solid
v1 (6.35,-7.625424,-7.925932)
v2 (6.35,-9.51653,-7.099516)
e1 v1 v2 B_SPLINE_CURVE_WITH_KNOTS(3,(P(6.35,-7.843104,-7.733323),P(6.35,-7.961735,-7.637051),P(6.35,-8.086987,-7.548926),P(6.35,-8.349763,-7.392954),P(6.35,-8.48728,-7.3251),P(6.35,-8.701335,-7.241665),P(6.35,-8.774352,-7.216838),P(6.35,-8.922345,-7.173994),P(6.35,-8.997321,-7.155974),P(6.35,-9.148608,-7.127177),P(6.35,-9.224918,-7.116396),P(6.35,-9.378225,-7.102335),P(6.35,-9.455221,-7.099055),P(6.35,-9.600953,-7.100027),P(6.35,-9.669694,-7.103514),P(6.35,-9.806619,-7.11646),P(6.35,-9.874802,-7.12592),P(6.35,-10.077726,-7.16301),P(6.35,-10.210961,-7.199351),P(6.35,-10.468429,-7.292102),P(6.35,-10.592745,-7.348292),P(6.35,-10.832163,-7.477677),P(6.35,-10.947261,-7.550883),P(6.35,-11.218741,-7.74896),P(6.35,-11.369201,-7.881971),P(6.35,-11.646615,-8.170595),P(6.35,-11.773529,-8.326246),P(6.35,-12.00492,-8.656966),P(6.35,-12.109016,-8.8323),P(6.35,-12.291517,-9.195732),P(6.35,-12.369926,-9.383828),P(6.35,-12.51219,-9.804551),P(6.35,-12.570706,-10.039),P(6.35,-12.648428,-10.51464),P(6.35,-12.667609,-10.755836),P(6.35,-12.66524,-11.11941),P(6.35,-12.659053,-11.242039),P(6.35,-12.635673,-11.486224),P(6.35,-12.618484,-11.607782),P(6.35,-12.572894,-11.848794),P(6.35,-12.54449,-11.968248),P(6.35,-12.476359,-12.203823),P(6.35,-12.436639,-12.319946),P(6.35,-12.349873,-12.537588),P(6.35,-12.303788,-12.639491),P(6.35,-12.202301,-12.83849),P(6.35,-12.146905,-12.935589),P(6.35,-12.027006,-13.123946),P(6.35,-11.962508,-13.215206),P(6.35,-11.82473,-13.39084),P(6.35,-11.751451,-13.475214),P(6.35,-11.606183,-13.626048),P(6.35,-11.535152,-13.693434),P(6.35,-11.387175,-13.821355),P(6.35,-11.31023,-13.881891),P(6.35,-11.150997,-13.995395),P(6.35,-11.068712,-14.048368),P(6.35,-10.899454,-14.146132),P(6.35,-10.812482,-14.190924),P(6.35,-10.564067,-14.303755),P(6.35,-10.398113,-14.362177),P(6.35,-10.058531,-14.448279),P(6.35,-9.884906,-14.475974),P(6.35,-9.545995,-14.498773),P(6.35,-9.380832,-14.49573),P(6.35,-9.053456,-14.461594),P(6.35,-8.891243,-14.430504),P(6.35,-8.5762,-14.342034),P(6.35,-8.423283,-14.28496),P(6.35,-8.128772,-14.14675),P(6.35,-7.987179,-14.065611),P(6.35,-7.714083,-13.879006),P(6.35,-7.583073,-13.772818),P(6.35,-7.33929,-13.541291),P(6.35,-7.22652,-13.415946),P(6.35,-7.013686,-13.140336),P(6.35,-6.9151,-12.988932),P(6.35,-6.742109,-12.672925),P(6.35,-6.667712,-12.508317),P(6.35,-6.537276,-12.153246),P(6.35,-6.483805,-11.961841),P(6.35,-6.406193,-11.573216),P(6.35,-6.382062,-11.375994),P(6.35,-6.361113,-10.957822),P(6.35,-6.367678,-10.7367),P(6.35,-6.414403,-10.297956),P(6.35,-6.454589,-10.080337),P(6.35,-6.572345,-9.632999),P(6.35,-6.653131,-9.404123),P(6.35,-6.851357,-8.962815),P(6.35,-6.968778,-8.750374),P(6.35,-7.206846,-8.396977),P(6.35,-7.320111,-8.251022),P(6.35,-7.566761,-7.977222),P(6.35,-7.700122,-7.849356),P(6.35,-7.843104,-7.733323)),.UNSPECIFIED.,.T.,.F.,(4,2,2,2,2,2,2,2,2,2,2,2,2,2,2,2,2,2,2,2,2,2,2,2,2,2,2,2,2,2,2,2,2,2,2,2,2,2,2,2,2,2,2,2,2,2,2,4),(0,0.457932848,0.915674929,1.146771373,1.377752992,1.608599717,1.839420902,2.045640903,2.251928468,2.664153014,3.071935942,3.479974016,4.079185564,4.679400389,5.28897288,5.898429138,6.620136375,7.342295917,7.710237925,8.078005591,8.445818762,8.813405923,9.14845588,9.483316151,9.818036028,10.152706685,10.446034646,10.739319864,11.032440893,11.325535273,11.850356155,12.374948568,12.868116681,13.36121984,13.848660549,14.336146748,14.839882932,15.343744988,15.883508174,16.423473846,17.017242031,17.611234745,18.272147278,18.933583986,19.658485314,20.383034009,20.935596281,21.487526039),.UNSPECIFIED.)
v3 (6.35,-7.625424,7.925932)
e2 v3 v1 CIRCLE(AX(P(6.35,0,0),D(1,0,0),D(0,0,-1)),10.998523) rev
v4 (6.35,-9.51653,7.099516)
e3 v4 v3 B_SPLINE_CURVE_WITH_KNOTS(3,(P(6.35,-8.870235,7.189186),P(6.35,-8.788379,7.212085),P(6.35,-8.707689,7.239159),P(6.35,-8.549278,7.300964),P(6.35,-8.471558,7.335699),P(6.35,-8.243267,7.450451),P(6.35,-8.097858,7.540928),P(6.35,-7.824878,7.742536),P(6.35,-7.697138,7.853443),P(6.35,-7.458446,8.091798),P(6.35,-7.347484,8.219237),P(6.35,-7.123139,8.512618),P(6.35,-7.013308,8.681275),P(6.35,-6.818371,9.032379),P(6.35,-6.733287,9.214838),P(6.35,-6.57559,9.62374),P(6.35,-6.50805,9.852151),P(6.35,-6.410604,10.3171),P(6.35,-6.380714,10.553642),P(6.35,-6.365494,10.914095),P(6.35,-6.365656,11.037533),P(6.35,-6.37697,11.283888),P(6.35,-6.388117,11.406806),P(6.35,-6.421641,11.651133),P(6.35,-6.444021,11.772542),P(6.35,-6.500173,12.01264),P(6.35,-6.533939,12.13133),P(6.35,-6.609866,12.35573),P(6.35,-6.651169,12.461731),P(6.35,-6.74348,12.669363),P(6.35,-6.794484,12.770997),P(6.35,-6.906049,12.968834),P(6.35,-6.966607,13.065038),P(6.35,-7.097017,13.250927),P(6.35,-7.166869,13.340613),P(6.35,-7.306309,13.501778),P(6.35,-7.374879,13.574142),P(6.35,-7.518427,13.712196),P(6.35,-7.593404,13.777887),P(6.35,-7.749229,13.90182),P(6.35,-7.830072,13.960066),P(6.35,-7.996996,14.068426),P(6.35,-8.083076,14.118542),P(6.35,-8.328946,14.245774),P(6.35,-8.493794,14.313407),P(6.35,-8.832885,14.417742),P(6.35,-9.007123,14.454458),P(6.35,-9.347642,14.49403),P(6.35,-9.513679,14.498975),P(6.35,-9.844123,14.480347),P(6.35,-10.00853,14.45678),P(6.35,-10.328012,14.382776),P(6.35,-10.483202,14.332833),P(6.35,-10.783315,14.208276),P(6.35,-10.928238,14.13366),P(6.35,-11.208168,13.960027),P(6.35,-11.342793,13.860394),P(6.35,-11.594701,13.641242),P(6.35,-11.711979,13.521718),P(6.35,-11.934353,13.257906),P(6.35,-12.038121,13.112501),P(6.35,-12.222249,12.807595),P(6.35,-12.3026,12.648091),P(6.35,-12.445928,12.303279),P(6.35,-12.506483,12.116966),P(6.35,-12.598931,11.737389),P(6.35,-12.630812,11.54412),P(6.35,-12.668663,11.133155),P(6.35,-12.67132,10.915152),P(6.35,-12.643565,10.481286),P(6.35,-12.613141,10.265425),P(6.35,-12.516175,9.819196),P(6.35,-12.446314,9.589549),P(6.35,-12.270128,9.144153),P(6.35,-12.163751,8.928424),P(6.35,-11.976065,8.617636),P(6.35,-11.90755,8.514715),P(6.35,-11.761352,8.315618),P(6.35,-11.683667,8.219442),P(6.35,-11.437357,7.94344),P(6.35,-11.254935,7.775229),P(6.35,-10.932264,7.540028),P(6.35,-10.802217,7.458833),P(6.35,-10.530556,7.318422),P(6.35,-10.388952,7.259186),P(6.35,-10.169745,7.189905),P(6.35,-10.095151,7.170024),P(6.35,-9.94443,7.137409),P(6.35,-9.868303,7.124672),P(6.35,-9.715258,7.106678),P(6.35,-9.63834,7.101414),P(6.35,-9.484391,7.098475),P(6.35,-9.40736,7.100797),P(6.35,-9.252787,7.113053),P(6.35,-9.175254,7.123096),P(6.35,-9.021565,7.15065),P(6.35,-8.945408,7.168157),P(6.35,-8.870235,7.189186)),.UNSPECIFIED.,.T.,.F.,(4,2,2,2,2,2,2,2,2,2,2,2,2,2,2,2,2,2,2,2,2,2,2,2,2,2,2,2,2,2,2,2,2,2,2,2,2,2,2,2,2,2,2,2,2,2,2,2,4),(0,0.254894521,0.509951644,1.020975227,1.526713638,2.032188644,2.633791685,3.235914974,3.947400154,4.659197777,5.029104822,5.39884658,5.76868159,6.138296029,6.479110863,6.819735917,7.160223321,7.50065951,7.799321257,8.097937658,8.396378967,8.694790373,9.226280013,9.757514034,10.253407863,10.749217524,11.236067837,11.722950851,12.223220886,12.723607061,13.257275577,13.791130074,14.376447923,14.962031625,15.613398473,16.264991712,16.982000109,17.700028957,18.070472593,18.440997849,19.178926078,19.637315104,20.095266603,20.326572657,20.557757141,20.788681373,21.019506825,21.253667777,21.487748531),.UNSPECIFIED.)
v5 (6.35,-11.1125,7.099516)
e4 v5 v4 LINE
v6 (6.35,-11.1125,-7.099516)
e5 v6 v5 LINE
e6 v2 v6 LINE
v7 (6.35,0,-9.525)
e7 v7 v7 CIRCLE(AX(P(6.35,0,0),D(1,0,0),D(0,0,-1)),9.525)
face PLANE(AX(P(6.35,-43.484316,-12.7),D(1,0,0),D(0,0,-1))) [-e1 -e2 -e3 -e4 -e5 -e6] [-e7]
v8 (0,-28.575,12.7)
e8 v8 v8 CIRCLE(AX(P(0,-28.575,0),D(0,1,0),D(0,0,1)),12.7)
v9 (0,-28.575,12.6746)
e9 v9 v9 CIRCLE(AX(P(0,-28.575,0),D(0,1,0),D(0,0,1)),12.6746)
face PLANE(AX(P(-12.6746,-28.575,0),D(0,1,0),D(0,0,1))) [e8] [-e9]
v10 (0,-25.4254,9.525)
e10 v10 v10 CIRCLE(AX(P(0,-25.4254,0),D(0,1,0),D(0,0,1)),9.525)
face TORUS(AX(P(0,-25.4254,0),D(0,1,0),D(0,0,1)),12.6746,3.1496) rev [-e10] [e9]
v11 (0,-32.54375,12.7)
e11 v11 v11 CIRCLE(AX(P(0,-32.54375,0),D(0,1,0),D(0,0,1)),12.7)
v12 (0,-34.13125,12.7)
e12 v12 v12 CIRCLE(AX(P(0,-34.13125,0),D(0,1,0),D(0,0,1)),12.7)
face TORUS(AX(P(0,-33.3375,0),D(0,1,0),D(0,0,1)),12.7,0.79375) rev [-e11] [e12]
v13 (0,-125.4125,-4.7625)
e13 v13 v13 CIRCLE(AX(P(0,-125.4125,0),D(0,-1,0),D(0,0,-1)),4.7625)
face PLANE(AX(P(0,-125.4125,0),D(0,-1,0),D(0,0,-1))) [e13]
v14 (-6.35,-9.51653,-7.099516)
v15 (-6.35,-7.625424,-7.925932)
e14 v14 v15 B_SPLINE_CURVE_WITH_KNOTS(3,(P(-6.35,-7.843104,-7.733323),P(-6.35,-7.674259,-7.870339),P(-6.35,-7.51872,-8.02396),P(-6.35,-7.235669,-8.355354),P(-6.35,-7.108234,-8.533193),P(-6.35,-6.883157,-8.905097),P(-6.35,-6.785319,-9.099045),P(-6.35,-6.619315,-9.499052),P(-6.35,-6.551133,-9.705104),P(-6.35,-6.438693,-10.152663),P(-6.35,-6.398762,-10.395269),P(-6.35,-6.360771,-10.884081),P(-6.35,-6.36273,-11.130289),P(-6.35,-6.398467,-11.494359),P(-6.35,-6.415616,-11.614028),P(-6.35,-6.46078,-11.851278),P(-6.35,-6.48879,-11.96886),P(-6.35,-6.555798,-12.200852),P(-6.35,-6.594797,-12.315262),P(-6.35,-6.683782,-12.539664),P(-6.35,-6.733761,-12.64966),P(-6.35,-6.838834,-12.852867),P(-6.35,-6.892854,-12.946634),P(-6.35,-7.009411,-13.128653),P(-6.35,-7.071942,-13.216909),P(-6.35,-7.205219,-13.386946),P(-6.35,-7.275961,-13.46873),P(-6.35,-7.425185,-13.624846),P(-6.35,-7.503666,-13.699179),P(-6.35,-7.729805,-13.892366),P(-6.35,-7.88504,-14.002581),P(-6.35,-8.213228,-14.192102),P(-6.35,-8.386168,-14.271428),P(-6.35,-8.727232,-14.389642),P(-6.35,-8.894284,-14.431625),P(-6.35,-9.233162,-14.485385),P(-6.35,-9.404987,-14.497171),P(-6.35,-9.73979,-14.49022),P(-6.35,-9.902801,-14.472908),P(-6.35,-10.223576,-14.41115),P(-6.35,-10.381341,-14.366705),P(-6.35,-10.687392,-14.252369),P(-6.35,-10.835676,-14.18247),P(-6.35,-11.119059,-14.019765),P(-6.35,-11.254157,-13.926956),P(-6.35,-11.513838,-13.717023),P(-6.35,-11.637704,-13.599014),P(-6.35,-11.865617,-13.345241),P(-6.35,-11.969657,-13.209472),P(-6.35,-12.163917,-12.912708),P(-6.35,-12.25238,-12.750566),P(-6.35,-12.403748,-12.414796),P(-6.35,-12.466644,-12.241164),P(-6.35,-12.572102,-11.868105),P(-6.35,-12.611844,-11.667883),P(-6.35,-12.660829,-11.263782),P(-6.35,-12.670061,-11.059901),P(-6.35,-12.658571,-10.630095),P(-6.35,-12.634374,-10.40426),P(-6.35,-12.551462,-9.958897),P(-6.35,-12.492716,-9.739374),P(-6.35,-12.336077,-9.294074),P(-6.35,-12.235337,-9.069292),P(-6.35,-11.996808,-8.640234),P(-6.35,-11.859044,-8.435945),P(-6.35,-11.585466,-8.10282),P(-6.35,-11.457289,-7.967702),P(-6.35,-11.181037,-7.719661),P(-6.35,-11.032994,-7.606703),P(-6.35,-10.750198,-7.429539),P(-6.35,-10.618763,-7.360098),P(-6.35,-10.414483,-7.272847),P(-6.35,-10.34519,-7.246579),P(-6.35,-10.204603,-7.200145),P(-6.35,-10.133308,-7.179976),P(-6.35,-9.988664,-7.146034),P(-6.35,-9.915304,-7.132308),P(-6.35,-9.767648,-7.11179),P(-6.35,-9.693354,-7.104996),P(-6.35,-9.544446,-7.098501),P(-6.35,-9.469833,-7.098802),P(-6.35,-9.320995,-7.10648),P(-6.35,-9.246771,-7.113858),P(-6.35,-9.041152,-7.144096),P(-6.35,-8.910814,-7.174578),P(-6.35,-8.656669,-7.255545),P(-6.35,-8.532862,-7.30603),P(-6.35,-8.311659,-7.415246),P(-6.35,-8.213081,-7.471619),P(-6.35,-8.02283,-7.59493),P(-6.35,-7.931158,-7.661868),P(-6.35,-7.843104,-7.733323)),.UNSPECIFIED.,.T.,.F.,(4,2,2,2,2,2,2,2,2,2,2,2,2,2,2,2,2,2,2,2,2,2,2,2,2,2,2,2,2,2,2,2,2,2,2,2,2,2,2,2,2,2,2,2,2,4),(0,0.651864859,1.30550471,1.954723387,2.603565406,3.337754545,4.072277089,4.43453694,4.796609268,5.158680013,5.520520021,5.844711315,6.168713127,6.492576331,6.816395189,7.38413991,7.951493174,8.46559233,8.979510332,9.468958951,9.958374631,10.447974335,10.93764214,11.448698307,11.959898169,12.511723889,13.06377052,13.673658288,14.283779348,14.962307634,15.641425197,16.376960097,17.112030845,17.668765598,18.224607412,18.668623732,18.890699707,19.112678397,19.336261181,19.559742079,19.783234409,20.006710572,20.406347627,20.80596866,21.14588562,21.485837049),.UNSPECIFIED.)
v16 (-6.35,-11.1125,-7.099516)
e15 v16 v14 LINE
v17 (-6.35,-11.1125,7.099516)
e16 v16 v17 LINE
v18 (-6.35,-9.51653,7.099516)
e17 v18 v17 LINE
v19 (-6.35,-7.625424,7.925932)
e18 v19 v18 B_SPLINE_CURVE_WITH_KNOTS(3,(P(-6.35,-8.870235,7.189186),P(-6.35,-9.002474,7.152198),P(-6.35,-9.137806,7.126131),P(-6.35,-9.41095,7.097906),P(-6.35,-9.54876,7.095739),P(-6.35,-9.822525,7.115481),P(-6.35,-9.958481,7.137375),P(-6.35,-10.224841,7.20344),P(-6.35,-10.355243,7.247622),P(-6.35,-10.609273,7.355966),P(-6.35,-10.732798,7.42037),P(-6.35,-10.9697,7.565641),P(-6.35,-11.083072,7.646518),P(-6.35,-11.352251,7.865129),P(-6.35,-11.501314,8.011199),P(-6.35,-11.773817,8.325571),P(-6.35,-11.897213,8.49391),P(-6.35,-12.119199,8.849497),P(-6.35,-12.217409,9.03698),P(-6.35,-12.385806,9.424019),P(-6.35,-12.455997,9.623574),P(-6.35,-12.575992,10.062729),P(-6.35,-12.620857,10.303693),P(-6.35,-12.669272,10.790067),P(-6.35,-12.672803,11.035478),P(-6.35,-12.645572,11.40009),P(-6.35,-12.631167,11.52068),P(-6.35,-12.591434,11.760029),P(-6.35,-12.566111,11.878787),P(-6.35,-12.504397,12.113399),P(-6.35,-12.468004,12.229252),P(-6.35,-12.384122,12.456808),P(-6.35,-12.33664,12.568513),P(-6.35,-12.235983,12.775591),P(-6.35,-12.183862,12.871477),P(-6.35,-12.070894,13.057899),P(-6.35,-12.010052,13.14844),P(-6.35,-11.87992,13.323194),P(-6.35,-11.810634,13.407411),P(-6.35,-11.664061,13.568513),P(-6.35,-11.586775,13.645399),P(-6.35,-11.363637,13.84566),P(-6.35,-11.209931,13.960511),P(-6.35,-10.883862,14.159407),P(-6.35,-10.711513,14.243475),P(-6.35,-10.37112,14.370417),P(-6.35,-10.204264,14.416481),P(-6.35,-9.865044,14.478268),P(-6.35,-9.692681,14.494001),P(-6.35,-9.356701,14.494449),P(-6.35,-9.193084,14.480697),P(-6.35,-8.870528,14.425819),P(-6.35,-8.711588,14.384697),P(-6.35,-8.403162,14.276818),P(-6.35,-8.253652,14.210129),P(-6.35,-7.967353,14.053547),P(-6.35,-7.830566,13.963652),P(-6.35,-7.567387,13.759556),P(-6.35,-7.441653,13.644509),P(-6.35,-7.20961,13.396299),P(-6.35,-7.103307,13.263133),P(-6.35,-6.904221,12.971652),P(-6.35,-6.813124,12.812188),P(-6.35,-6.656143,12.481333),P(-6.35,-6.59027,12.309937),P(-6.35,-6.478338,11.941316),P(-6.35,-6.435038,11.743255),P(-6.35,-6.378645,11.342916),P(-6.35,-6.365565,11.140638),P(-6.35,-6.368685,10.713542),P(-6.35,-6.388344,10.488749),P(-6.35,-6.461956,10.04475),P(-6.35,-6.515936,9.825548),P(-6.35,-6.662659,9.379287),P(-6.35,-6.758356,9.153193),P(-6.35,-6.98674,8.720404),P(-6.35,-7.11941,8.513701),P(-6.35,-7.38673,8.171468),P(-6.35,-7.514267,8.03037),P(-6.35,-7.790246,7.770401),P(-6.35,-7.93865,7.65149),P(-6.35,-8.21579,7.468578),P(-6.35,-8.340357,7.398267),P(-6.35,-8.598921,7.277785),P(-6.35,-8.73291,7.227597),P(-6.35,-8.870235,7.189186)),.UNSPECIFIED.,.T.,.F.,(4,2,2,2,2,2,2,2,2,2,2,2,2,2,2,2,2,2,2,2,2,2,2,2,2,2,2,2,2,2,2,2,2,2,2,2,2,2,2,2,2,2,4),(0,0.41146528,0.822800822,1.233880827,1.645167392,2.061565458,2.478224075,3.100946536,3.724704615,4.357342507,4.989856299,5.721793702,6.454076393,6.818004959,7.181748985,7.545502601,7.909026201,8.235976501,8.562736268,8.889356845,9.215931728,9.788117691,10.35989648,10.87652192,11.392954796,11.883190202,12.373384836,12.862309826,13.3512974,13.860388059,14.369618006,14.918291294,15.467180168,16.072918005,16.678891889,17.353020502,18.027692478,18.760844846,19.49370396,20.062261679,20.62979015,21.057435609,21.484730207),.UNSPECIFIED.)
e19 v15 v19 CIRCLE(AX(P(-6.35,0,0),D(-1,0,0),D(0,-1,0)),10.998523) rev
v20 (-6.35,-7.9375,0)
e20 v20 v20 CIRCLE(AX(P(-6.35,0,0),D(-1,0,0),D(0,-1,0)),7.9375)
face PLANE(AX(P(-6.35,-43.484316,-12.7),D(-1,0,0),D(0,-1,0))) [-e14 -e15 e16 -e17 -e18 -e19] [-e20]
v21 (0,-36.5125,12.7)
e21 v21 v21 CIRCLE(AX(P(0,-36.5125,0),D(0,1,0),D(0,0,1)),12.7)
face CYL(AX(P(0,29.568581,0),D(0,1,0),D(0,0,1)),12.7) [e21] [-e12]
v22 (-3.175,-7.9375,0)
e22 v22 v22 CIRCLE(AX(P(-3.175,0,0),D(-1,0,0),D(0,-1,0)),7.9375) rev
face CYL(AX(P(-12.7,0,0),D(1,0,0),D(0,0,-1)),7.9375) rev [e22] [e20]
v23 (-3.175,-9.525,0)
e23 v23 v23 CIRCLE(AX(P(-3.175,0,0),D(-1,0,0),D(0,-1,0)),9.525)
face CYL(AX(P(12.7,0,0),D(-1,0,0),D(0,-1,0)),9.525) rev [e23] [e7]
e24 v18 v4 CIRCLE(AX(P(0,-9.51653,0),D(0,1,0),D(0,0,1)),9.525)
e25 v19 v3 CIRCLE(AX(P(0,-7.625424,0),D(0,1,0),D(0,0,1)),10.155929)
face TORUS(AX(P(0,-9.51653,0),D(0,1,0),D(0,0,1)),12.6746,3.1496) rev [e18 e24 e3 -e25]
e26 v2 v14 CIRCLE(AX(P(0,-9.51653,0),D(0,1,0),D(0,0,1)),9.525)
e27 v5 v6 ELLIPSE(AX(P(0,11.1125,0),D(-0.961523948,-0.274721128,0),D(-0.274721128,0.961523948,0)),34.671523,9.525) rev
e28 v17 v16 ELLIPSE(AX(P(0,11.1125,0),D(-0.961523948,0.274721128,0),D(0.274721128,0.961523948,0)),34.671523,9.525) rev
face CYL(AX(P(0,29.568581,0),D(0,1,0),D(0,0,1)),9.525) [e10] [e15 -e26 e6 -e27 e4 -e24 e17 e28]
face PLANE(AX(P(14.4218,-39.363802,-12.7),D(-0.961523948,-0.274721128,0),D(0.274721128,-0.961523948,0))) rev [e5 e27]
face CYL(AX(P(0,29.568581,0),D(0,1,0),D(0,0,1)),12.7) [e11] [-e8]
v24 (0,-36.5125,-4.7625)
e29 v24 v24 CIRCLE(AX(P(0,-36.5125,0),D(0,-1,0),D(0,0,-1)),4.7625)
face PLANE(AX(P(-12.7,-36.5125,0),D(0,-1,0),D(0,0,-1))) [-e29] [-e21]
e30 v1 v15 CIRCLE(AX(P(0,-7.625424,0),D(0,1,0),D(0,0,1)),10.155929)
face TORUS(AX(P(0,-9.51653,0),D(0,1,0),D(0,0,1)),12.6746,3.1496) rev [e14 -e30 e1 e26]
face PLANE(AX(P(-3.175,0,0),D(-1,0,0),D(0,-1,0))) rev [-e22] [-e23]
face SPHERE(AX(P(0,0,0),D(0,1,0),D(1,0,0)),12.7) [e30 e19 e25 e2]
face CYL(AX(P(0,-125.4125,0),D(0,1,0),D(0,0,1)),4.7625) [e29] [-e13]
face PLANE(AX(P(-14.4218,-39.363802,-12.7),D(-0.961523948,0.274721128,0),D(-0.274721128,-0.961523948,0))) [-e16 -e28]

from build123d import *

# Parameters (mm, degrees)
EXTRUDE1_DEPTH      = 13.7
EXTRUDE1_DEPTH_BACK = 13.7
SKETCH4_R           = 7.9375
EXTRUDE3_DEPTH      = 13.7
EXTRUDE3_DEPTH_BACK = 13.7
SKETCH5_R           = 9.525
EXTRUDE4_DEPTH      = 16.875
SKETCH6_R           = 4.7625
EXTRUDE5_DEPTH      = 88.9


with BuildPart() as part:
    # Sketch1 → Revolve1 (revolve)
    with BuildSketch(Plane.XY):
        with BuildLine():
            Line((-9.525, -9.516529567), (-9.525, -25.4254))
            ThreePointArc((-9.525, -25.4254), (-10.447496482, -27.652503518), (-12.6746, -28.575))
            Line((-12.6746, -28.575), (-12.7, -28.575))
            Line((-12.7, -28.575), (-12.7, -32.54375))
            ThreePointArc((-12.7, -32.54375), (-11.90625, -33.3375), (-12.7, -34.13125))
            Line((-12.7, -34.13125), (-12.7, -36.5125))
            Line((-12.7, -36.5125), (0, -36.5125))
            Line((0, -36.5125), (0, 12.7))
            ThreePointArc((0, 12.7), (-11.360741372, 5.676579559), (-10.155929487, -7.625424333))
            ThreePointArc((-10.155929487, -7.625424333), (-9.68689312, -8.519740845), (-9.525, -9.516529567))
        make_face()
    revolve(axis=Axis((0, 29.568581121, 0), (0, -1, 0)))

    # Sketch2 → Extrude1 (cut, two sides)
    with BuildSketch(Plane.XY) as extrude1_sk:
        Polygon((-6.35, 10.998522628), (-6.35, -11.1125), (-9.525, -22.225), (-17.461272298, -22.225), (-17.461272298, 15.422387348), (17.461272298, 15.422387348), (17.461272298, -22.225), (9.525, -22.225), (6.35, -11.1125), (6.35, 10.998522628), (6.35, 13.9933427), (-6.35, 13.9933427), align=None)
    extrude(amount=EXTRUDE1_DEPTH, mode=Mode.SUBTRACT)
    extrude(extrude1_sk.sketch, amount=-EXTRUDE1_DEPTH_BACK, mode=Mode.SUBTRACT)

    # Sketch4 → Extrude3 (cut, two sides)
    with BuildSketch(Plane(origin=(0, 0, 0), x_dir=(0, 0, -1), z_dir=(1, 0, 0))) as extrude3_sk:
        Circle(SKETCH4_R)
    extrude(amount=EXTRUDE3_DEPTH, mode=Mode.SUBTRACT)
    extrude(extrude3_sk.sketch, amount=-EXTRUDE3_DEPTH_BACK, mode=Mode.SUBTRACT)

    # Sketch5 → Extrude4 (cut, through all)
    with BuildSketch(Plane.ZY.offset(3.175)):
        Circle(SKETCH5_R)
    extrude(amount=-EXTRUDE4_DEPTH, mode=Mode.SUBTRACT)

    # Sketch6 → Extrude5 (add)
    with BuildSketch(Plane.XZ.offset(36.5125)):
        Circle(SKETCH6_R)
    extrude(amount=EXTRUDE5_DEPTH)


solid = part.part
